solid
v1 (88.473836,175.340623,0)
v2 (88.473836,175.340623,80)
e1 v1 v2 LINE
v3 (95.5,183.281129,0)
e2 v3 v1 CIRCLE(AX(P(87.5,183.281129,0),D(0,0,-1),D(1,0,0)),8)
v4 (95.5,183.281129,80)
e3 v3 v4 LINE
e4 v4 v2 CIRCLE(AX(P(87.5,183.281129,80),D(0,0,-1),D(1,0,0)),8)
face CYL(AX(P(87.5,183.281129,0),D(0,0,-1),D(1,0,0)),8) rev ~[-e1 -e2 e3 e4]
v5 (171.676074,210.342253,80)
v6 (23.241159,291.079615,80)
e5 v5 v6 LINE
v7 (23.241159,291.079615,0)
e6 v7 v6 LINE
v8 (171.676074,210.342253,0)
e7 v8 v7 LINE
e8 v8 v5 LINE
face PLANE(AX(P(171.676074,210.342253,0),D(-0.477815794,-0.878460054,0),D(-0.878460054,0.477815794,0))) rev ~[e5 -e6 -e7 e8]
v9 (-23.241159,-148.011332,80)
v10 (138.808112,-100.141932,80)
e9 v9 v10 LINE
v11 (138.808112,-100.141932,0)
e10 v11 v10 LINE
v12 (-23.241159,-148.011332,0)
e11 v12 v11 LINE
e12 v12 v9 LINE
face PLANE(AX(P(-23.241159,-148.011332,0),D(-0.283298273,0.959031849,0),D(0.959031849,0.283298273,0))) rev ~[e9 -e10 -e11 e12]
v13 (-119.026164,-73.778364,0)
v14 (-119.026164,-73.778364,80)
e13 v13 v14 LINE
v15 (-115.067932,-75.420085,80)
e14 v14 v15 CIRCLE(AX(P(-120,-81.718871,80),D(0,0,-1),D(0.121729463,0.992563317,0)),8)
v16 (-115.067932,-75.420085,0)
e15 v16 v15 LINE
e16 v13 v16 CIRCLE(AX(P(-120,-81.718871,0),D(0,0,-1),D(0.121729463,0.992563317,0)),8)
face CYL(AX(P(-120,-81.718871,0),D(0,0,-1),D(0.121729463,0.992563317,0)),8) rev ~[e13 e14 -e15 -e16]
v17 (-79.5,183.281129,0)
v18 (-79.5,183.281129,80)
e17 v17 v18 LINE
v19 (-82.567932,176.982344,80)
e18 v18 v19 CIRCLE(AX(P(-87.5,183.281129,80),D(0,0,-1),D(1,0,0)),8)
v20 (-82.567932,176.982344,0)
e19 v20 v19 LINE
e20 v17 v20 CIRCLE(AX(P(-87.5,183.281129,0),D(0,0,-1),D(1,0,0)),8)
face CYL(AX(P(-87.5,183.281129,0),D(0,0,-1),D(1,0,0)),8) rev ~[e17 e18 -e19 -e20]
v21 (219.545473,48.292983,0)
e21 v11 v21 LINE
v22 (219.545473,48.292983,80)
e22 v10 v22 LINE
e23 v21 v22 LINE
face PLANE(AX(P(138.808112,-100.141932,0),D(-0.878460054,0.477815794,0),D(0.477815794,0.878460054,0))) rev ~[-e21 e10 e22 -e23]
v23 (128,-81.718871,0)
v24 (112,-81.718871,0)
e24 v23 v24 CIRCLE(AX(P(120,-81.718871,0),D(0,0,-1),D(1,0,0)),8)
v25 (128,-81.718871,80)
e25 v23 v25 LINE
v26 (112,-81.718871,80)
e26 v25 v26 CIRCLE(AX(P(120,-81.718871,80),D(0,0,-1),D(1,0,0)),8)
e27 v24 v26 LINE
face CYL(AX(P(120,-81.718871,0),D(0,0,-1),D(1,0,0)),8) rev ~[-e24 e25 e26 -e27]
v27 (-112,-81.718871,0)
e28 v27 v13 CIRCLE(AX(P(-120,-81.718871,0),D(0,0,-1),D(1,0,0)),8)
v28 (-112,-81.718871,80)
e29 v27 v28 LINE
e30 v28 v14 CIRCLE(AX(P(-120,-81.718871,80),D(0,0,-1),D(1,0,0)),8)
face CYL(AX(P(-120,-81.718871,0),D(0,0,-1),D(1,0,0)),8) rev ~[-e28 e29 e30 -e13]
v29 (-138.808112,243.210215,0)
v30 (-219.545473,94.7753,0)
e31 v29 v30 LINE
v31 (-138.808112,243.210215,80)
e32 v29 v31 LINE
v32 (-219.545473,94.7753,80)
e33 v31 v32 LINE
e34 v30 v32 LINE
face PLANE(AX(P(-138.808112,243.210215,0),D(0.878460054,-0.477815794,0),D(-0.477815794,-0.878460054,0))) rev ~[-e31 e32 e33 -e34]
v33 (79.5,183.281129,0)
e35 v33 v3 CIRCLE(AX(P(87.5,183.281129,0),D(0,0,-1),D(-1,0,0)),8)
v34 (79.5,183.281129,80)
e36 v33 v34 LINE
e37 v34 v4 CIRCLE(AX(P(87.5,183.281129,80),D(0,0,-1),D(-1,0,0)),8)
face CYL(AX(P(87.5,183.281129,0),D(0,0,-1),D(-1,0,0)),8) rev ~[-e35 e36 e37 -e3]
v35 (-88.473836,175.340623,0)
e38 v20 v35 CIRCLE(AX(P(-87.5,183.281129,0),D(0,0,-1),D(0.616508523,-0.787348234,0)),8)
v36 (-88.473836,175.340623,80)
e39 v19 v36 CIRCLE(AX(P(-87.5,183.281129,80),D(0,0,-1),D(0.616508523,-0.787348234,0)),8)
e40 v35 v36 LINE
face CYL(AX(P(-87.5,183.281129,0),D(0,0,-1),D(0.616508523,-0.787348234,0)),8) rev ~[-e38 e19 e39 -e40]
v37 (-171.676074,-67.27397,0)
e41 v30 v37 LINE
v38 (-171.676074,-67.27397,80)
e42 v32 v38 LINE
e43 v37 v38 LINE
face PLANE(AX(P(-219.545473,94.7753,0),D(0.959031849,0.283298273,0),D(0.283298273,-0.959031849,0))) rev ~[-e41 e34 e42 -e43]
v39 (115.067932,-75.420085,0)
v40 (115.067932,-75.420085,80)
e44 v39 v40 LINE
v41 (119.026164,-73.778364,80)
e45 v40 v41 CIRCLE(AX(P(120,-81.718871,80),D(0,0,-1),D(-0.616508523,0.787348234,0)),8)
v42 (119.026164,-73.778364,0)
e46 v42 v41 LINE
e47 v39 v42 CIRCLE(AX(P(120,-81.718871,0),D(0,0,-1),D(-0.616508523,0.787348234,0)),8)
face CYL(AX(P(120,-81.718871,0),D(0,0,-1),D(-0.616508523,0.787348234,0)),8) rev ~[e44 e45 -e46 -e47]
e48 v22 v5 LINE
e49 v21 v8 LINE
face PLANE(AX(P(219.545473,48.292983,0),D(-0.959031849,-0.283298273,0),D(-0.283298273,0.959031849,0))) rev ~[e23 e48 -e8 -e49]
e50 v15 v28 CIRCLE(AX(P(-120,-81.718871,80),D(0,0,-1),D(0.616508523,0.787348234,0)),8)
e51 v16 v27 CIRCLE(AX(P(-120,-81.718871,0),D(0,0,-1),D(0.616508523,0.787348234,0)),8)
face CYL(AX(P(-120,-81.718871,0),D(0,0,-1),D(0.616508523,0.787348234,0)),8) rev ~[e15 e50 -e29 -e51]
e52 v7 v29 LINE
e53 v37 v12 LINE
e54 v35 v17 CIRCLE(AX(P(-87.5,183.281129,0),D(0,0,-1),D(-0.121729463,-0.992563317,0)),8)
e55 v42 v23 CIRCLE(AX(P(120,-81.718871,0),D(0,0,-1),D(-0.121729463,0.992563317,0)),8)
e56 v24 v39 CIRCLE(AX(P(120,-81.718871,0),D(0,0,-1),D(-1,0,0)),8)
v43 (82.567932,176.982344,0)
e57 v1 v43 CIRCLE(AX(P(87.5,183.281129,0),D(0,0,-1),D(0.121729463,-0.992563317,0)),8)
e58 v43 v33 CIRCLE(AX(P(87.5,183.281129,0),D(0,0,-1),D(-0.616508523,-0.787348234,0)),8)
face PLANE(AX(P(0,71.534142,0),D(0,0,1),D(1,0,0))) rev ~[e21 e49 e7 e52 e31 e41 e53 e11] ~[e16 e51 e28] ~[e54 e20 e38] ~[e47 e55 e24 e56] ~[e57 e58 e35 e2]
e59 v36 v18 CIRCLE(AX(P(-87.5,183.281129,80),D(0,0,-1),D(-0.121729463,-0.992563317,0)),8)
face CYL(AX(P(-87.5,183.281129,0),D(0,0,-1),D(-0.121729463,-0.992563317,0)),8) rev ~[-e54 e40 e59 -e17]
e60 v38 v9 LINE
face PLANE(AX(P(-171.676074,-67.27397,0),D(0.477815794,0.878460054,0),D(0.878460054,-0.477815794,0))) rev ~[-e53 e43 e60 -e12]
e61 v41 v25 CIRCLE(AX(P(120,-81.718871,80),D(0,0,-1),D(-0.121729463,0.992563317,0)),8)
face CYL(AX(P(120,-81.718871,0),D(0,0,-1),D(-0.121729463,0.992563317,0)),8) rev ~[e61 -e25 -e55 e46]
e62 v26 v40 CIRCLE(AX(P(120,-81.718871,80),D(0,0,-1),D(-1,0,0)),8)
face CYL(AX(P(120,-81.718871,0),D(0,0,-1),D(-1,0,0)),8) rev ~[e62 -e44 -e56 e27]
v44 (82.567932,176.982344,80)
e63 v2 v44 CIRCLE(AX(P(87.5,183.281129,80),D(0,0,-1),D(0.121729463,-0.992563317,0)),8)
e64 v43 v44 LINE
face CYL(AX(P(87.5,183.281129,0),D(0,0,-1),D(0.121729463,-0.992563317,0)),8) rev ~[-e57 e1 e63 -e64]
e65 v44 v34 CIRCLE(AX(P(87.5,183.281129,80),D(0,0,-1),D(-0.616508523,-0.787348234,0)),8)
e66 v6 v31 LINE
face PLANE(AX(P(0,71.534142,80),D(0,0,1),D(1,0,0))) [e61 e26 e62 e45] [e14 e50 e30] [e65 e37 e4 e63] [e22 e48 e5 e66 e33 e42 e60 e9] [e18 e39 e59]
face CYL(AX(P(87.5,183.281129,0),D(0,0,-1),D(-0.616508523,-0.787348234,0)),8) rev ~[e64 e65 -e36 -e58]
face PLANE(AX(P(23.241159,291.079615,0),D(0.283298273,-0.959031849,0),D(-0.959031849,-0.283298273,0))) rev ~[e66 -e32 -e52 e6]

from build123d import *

# Parameters (mm, degrees)
F1_DEPTH = 80


with BuildPart() as f1:
    # F0 (on Top) → F1 (new body)
    with BuildSketch(Plane.XY):
        Polygon((-138.8081118726, 243.2102153142), (-219.5454731322, 94.7753002802), (-171.6760737886, -67.273970347), (-23.2411587546, -148.0113316066), (138.8081118726, -100.141932263), (219.5454731322, 48.292982771), (171.6760737886, 210.3422533982), (23.2411587546, 291.0796146578), align=None)
        with BuildLine():
            Line((-79.5, 183.2811294774), (0, 183.2811294774))
            Line((0, 183.2811294774), (79.5, 183.2811294774))
            ThreePointArc((79.5, 183.2811294774), (87.5, 191.2811294774), (95.5, 183.2811294774))
            ThreePointArc((95.5, 183.2811294774), (93.4912722212, 177.9797469057), (88.473835707, 175.3406229435))
            Line((88.473835707, 175.3406229435), (119.026164293, -73.7783639886))
            ThreePointArc((119.026164293, -73.7783639886), (125.3013825717, -75.7275983014), (128, -81.7188705226))
            ThreePointArc((128, -81.7188705226), (120, -89.7188705226), (112, -81.7188705226))
            Line((112, -81.7188705226), (0, -81.7188705226))
            Line((0, -81.7188705226), (-112, -81.7188705226))
            ThreePointArc((-112, -81.7188705226), (-125.9912722212, -87.0202530943), (-119.026164293, -73.7783639886))
            Line((-119.026164293, -73.7783639886), (-88.473835707, 175.3406229435))
            ThreePointArc((-88.473835707, 175.3406229435), (-92.8013825717, 189.2724016986), (-79.5, 183.2811294774))
        make_face(mode=Mode.SUBTRACT)
        with BuildLine():
            Line((82.567931818, 176.9823436064), (0, 71.5341415256))
            Line((0, 71.5341415256), (115.067931818, -75.4200846516))
            ThreePointArc((115.067931818, -75.4200846516), (116.9350796307, -74.3292654499), (119.026164293, -73.7783639886))
            Line((119.026164293, -73.7783639886), (88.473835707, 175.3406229435))
            ThreePointArc((88.473835707, 175.3406229435), (85.3574051327, 175.5733874452), (82.567931818, 176.9823436064))
        make_face()
        with BuildLine():
            Line((115.067931818, -75.4200846516), (0, 71.5341415256))
            Line((0, 71.5341415256), (0, -81.7188705226))
            Line((0, -81.7188705226), (112, -81.7188705226))
            ThreePointArc((112, -81.7188705226), (112.8077630234, -78.2157680017), (115.067931818, -75.4200846516))
        make_face()
        with BuildLine():
            Line((0, -81.7188705226), (0, 71.5341415256))
            Line((0, 71.5341415256), (-115.067931818, -75.4200846516))
            ThreePointArc((-115.067931818, -75.4200846516), (-112.8077630234, -78.2157680017), (-112, -81.7188705226))
            Line((-112, -81.7188705226), (0, -81.7188705226))
        make_face()
        with BuildLine():
            Line((-115.067931818, -75.4200846516), (0, 71.5341415256))
            Line((0, 71.5341415256), (-82.567931818, 176.9823436064))
            ThreePointArc((-82.567931818, 176.9823436064), (-85.3574051327, 175.5733874452), (-88.473835707, 175.3406229435))
            Line((-88.473835707, 175.3406229435), (-119.026164293, -73.7783639886))
            ThreePointArc((-119.026164293, -73.7783639886), (-116.9350796307, -74.3292654499), (-115.067931818, -75.4200846516))
        make_face()
        with BuildLine():
            Line((79.5, 183.2811294774), (0, 183.2811294774))
            Line((0, 183.2811294774), (0, 71.5341415256))
            Line((0, 71.5341415256), (82.567931818, 176.9823436064))
            ThreePointArc((82.567931818, 176.9823436064), (80.3077630234, 179.7780269565), (79.5, 183.2811294774))
        make_face()
        with BuildLine():
            Line((0, 71.5341415256), (0, 183.2811294774))
            Line((0, 183.2811294774), (-79.5, 183.2811294774))
            ThreePointArc((-79.5, 183.2811294774), (-80.3077630234, 179.7780269565), (-82.567931818, 176.9823436064))
            Line((-82.567931818, 176.9823436064), (0, 71.5341415256))
        make_face()
    extrude(amount=F1_DEPTH)


solid = f1.part
